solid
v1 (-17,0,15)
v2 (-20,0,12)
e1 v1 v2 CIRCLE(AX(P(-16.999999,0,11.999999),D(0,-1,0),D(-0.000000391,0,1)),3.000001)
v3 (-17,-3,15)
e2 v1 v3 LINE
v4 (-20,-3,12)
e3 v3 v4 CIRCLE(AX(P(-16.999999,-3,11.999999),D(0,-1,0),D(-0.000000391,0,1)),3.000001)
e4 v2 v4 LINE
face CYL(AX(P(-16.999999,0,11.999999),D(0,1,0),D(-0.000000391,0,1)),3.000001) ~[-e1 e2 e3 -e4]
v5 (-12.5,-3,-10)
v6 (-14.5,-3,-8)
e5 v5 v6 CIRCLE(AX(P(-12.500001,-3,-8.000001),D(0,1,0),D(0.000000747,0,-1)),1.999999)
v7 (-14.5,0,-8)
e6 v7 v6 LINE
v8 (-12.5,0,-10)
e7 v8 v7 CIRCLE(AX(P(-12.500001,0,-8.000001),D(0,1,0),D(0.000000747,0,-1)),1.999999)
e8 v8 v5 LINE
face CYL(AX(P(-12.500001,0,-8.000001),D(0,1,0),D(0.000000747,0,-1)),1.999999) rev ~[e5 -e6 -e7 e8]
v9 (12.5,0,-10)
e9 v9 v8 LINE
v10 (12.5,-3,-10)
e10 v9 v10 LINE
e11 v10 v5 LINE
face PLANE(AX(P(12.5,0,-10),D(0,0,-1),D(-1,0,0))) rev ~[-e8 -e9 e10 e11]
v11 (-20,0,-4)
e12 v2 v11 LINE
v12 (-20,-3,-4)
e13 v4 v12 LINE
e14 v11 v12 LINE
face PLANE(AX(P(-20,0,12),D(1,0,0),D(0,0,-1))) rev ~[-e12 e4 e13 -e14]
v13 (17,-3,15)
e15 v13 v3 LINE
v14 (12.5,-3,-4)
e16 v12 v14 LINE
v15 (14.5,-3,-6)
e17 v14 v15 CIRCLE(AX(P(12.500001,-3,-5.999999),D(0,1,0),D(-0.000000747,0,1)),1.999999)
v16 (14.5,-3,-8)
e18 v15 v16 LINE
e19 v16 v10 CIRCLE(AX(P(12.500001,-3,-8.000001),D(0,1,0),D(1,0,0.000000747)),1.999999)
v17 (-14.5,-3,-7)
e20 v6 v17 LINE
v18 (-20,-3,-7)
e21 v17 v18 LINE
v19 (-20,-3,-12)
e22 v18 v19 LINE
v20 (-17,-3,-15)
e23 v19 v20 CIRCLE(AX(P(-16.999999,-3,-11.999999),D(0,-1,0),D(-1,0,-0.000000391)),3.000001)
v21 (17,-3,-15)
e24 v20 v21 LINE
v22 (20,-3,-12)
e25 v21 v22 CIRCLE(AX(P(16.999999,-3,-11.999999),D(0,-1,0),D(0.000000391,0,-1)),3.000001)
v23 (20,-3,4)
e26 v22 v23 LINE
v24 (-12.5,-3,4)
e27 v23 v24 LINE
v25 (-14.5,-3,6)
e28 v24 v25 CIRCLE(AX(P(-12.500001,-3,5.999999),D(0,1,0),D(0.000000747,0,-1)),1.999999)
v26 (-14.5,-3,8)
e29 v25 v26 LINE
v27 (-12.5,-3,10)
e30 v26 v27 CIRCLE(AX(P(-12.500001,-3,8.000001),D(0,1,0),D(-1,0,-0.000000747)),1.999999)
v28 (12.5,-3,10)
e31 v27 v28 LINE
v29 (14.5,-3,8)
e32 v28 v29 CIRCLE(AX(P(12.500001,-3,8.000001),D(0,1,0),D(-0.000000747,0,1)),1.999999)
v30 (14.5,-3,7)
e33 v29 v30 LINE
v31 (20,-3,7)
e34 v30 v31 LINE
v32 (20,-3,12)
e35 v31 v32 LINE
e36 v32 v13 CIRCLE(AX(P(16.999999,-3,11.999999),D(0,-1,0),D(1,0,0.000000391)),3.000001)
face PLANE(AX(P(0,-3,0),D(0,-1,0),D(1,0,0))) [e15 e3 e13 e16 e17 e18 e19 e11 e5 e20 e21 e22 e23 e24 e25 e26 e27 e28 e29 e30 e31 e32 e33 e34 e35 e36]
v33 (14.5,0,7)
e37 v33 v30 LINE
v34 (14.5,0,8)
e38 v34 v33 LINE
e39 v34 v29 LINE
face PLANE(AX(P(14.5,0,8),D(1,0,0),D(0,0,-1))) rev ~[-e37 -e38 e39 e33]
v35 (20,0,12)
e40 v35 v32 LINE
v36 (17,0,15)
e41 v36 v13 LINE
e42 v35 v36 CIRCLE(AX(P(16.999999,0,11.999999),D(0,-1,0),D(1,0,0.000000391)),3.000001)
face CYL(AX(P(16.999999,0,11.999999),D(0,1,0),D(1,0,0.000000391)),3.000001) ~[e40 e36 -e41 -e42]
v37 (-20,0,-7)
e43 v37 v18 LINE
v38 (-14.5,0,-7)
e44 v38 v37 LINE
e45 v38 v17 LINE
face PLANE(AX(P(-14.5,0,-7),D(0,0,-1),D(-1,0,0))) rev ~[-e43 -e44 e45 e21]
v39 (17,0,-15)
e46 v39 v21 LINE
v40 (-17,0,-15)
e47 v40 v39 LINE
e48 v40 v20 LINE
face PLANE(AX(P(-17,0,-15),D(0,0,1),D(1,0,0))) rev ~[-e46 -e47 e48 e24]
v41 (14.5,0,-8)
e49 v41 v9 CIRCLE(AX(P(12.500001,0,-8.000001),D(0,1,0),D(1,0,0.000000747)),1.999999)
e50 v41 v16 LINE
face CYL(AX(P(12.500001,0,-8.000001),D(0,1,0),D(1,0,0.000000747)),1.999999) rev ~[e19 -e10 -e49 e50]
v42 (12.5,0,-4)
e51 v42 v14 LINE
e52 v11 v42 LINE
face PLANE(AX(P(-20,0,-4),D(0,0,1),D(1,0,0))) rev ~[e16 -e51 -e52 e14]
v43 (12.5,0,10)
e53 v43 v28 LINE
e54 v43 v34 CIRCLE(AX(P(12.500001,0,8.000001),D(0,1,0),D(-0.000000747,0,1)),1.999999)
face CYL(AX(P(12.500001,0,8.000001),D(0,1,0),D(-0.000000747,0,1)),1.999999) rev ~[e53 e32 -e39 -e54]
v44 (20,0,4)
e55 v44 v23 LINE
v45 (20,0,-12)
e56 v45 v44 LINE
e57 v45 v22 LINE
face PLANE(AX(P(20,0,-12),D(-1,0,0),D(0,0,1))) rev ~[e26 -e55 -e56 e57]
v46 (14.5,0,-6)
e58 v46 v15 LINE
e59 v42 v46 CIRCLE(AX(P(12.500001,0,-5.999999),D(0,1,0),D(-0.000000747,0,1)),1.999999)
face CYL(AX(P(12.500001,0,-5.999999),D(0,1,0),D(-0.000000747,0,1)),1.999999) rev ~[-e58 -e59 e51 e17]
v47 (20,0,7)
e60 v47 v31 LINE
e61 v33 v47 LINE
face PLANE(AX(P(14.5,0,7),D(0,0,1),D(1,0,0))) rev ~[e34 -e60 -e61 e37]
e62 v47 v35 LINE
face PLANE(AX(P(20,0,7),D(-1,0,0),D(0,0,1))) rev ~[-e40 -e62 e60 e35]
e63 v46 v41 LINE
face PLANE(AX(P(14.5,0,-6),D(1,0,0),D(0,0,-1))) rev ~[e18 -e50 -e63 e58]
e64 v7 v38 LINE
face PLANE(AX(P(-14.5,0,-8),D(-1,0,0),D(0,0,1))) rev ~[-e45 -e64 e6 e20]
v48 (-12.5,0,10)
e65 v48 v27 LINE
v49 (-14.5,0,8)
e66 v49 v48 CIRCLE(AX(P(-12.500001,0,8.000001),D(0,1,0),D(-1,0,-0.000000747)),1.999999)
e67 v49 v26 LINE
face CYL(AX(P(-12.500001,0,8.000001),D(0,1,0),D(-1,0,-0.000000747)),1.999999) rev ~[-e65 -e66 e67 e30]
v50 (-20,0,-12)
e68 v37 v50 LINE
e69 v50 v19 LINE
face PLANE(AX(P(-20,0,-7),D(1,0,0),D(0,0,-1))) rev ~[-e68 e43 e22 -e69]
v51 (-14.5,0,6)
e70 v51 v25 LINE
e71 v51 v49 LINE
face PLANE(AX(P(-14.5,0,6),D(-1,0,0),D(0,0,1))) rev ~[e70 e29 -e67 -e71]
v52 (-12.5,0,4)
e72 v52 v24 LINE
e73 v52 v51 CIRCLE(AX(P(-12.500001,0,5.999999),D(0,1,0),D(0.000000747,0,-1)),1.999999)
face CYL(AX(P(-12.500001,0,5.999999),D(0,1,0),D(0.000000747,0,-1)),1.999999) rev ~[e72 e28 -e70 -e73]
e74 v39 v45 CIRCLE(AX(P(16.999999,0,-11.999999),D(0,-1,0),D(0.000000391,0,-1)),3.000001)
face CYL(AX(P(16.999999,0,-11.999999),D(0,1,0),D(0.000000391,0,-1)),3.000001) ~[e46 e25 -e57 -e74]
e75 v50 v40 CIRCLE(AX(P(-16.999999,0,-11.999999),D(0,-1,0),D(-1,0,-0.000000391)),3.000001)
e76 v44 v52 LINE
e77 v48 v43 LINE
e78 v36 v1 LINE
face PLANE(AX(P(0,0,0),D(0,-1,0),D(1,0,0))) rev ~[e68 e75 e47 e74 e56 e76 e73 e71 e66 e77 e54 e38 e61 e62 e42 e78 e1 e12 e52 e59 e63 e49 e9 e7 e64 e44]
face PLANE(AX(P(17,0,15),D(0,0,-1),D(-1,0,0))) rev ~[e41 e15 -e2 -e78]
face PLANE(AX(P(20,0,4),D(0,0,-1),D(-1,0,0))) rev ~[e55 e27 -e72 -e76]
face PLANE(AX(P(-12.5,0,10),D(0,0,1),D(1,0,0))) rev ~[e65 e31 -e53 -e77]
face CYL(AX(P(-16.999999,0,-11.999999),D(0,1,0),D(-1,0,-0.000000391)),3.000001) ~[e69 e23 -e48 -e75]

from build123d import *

# Parameters (mm, degrees)
F1_DEPTH = 3


with BuildPart() as f1:
    # F0 (on Front) → F1 (new body)
    with BuildSketch(Plane.XZ):
        with BuildLine():
            ThreePointArc((20, 12), (19.12132, 14.12132), (17, 15))
            Line((17, 15), (-17, 15))
            ThreePointArc((-17, 15), (-19.12132, 14.12132), (-20, 12))
            Line((-20, 12), (-20, -4))
            Line((-20, -4), (12.5, -4))
            ThreePointArc((12.5, -4), (13.914214, -4.585786), (14.5, -6))
            Line((14.5, -6), (14.5, -8))
            ThreePointArc((14.5, -8), (13.914214, -9.414214), (12.5, -10))
            Line((12.5, -10), (-12.5, -10))
            ThreePointArc((-12.5, -10), (-13.914214, -9.414214), (-14.5, -8))
            Line((-14.5, -8), (-14.5, -7))
            Line((-14.5, -7), (-20, -7))
            Line((-20, -7), (-20, -12))
            ThreePointArc((-20, -12), (-19.12132, -14.12132), (-17, -15))
            Line((-17, -15), (17, -15))
            ThreePointArc((17, -15), (19.12132, -14.12132), (20, -12))
            Line((20, -12), (20, 4))
            Line((20, 4), (-12.5, 4))
            ThreePointArc((-12.5, 4), (-13.914214, 4.585786), (-14.5, 6))
            Line((-14.5, 6), (-14.5, 8))
            ThreePointArc((-14.5, 8), (-13.914214, 9.414214), (-12.5, 10))
            Line((-12.5, 10), (12.5, 10))
            ThreePointArc((12.5, 10), (13.914214, 9.414214), (14.5, 8))
            Line((14.5, 8), (14.5, 7))
            Line((14.5, 7), (20, 7))
            Line((20, 7), (20, 12))
        make_face()
    extrude(amount=F1_DEPTH)


solid = f1.part
